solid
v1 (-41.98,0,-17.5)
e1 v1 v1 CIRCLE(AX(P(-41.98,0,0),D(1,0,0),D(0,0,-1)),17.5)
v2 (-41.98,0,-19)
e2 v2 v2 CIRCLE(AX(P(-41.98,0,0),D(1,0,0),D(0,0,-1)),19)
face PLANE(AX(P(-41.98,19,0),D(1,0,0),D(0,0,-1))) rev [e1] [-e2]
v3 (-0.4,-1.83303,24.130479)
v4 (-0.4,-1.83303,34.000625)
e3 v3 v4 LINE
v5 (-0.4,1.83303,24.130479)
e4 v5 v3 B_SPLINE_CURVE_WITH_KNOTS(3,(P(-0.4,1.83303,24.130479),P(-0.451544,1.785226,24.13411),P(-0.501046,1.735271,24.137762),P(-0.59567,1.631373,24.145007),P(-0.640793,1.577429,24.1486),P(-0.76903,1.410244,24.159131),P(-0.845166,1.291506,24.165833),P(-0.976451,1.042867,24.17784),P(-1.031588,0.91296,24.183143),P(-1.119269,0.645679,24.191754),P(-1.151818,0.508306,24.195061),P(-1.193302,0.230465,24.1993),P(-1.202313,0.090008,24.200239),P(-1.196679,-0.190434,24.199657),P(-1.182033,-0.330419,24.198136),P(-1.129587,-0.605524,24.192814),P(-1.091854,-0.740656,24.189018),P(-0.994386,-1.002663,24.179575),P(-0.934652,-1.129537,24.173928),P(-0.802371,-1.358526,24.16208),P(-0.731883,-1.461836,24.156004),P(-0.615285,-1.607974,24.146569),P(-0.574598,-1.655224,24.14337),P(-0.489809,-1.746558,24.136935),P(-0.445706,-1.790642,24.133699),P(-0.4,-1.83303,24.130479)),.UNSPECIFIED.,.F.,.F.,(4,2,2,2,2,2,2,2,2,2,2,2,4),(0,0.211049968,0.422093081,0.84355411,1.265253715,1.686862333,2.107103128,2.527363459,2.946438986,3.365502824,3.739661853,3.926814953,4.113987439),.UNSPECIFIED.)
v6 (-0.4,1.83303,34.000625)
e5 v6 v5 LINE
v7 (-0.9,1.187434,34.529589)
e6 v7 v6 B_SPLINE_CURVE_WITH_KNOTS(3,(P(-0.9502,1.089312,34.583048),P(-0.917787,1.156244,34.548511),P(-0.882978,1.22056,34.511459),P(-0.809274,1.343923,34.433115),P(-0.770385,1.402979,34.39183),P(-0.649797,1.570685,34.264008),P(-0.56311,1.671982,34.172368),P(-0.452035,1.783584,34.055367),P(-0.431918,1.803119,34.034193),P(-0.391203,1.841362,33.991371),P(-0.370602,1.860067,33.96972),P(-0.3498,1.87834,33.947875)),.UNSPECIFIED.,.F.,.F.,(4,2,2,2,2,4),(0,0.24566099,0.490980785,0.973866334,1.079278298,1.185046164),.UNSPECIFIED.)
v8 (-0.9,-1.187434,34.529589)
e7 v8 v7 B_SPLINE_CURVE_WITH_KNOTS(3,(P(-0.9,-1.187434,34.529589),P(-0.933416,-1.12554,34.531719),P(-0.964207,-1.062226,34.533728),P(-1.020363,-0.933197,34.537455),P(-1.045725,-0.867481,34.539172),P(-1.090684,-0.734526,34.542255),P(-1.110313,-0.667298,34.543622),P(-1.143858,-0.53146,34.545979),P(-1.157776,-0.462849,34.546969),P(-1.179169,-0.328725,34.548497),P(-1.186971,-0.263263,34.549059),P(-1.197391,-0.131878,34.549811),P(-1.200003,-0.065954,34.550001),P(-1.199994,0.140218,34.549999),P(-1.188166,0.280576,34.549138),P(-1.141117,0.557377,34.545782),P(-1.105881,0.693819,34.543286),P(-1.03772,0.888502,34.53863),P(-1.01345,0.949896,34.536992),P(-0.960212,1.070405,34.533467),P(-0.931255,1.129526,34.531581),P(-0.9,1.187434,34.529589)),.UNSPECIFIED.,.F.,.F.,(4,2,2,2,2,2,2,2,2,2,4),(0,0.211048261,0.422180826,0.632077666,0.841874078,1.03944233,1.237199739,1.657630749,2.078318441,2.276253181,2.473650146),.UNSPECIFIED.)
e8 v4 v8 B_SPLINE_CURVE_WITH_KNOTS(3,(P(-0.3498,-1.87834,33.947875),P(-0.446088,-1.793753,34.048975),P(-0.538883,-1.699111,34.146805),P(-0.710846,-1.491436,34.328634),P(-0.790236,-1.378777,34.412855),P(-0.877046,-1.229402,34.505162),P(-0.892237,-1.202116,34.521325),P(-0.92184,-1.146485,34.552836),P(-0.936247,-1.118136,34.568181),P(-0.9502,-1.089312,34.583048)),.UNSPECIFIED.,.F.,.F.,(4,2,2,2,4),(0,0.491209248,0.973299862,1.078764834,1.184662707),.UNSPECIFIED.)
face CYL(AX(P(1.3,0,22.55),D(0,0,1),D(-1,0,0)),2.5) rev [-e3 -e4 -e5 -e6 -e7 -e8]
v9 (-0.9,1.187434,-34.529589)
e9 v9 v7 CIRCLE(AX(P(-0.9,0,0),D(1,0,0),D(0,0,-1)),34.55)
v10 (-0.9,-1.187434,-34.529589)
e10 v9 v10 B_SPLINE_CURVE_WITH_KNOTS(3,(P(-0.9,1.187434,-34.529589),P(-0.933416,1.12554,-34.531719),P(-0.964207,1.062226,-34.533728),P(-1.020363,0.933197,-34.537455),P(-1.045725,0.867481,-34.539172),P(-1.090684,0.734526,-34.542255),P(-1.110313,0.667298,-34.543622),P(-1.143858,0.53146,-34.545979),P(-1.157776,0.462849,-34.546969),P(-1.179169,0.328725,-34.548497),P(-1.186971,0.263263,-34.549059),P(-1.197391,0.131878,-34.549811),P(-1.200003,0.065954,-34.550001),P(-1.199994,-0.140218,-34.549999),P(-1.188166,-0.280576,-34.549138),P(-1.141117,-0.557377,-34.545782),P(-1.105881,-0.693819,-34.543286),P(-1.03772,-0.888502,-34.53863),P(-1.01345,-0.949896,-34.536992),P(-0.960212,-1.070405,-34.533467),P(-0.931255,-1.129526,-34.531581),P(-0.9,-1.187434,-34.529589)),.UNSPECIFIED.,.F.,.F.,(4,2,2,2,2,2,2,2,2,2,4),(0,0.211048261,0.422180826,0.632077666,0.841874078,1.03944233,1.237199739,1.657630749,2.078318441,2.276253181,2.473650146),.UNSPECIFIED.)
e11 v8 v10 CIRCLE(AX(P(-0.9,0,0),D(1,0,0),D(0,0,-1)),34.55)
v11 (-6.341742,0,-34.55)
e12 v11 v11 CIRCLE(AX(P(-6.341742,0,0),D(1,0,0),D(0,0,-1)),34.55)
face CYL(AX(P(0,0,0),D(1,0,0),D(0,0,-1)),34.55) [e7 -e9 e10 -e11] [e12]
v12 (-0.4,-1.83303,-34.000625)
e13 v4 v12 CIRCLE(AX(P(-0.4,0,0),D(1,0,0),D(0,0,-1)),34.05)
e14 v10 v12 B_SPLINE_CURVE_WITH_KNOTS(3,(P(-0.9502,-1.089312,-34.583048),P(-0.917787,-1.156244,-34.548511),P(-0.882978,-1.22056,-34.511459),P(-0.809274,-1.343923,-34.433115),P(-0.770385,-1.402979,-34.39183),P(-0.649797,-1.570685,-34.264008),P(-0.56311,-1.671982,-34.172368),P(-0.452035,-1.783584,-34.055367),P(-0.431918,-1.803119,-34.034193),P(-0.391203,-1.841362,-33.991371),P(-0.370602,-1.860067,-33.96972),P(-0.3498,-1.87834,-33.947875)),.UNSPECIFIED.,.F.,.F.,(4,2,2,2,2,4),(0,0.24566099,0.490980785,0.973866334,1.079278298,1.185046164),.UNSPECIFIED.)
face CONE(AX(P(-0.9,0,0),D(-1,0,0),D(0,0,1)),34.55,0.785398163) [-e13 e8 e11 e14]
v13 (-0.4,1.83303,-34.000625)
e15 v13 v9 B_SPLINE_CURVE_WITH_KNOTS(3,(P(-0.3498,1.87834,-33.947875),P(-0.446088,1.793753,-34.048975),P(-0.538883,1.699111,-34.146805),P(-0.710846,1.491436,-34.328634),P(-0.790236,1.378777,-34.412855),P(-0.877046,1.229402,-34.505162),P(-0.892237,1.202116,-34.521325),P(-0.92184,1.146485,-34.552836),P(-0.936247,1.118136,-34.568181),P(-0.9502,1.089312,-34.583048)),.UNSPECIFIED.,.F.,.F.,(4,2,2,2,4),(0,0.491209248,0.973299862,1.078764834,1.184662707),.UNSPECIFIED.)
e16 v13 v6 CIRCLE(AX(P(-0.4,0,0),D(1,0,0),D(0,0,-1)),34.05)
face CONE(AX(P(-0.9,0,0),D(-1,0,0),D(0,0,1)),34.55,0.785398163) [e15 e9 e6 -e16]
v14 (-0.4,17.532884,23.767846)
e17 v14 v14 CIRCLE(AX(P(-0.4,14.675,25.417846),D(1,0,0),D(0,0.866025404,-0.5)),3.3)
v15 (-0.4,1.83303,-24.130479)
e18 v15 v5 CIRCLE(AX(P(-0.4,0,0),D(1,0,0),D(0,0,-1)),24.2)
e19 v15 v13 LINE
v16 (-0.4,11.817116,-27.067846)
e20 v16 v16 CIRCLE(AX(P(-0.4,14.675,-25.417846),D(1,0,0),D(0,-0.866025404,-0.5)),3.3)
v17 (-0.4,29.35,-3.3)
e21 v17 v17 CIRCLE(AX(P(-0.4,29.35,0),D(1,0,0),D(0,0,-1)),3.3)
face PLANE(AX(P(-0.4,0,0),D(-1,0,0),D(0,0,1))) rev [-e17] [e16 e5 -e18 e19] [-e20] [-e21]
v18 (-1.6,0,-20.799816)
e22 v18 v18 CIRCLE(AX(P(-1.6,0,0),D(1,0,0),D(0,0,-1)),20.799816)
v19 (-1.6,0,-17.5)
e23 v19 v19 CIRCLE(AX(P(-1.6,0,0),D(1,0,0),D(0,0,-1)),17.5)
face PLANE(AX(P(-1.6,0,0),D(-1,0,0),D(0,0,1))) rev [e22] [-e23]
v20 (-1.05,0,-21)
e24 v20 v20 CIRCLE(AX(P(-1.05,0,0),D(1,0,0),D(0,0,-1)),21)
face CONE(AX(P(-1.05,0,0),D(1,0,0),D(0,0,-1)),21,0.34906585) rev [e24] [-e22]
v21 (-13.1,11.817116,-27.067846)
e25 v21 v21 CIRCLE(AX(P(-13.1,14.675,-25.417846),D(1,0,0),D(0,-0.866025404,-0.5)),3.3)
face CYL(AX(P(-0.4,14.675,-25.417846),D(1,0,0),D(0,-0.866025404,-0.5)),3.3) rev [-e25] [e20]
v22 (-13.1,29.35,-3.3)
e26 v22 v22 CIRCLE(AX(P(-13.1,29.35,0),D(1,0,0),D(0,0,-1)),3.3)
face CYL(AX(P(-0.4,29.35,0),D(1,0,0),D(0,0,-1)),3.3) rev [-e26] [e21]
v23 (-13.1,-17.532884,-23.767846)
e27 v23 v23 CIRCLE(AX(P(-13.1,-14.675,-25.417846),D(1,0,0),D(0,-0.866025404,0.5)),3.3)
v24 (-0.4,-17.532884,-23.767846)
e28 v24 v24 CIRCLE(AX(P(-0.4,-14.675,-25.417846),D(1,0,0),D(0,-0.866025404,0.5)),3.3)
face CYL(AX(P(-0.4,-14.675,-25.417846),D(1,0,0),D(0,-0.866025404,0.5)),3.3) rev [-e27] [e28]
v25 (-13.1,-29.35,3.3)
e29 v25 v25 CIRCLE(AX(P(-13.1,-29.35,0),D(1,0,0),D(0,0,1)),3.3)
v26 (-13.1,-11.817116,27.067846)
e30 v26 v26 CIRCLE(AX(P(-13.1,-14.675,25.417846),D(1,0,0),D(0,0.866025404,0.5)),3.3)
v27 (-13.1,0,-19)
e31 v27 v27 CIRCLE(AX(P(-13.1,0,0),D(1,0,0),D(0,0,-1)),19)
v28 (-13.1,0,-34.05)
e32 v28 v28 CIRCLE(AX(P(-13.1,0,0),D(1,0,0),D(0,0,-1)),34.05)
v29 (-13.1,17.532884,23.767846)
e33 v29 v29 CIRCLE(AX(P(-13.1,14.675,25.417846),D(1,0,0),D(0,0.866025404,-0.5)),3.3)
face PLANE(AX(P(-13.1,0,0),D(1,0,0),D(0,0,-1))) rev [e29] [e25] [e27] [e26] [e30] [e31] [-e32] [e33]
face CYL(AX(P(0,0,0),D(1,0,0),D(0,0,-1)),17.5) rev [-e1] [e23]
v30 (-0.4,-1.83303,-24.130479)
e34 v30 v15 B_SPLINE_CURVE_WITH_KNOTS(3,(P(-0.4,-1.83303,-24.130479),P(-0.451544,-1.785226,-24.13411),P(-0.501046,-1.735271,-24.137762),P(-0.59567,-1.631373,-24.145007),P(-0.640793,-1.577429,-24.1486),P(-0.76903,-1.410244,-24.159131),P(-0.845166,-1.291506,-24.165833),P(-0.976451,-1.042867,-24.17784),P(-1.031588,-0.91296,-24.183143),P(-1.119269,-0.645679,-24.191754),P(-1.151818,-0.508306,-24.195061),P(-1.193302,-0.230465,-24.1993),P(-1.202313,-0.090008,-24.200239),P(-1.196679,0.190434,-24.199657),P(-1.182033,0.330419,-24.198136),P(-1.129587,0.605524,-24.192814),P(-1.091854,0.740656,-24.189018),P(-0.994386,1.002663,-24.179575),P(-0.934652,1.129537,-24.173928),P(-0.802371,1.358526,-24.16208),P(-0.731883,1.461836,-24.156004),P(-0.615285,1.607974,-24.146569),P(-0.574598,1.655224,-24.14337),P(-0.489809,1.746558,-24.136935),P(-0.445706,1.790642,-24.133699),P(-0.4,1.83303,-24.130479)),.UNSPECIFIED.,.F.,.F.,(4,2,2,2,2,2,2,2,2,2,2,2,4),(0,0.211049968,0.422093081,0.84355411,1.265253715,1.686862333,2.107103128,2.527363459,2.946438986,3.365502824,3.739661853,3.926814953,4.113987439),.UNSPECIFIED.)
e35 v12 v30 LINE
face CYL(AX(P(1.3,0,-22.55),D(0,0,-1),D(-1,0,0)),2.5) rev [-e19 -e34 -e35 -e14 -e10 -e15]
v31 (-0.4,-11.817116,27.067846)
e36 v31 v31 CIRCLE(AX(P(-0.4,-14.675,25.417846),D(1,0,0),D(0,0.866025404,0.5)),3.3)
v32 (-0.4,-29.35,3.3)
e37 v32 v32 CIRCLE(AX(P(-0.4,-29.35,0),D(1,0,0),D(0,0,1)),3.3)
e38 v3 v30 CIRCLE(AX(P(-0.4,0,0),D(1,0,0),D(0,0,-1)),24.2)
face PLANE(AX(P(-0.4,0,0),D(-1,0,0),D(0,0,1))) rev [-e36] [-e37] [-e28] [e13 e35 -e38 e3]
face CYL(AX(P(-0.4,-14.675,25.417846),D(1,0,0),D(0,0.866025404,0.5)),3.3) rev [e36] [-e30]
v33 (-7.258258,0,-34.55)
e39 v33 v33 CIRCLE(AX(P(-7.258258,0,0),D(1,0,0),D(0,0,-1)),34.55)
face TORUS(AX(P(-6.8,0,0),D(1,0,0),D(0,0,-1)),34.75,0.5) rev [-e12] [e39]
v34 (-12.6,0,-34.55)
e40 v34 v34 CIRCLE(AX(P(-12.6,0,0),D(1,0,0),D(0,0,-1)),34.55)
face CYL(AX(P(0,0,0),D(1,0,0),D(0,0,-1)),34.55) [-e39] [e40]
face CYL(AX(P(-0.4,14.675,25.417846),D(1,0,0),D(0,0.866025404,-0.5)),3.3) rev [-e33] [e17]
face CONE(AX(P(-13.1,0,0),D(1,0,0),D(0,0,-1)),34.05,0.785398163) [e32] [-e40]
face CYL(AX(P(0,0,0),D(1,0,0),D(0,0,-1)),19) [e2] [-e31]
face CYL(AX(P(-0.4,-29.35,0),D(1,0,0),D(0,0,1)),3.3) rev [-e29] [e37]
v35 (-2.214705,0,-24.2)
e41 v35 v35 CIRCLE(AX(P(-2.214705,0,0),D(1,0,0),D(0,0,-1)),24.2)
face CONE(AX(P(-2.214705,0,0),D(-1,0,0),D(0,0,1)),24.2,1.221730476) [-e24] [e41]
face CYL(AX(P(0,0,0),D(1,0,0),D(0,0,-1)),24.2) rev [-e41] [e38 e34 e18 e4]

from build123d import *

# Parameters (mm, degrees)
HOLE_WIZARD_M61_D        = 6.6
PATTERN_CIRCULAR_3_COUNT = 6
SKETCH_6_R               = 2.5
CUT_EXTRUDE_1_DEPTH      = 12
PATTERN_CIRCULAR_2_COUNT = 2
SKETCH_7_W               = 21.42
SKETCH_7_H               = 1.5


with BuildPart() as part:
    # Эскиз1 → Повернуть2 (revolve)
    with BuildSketch(Plane.XY):
        with BuildLine():
            Line((-7.258257569, 34.55), (-12.6, 34.55))
            Line((-12.6, 34.55), (-13.1, 34.05))
            Line((-13.1, 34.05), (-13.1, 19))
            Line((-13.1, 19), (-63.4, 19))
            Line((-63.4, 19), (-63.4, 17.5))
            Line((-63.4, 17.5), (-1.6, 17.5))
            Line((-1.6, 17.5), (-1.6, 20.799816371))
            Line((-1.6, 20.799816371), (-1.05, 21))
            Line((-1.05, 21), (-2.21470475, 24.2))
            Line((-2.21470475, 24.2), (-0.4, 24.2))
            Line((-0.4, 24.2), (-0.4, 34.05))
            Line((-0.4, 34.05), (-0.9, 34.55))
            Line((-0.9, 34.55), (-6.341742431, 34.55))
            ThreePointArc((-6.341742431, 34.55), (-6.8, 34.25), (-7.258257569, 34.55))
        make_face()
    revolve(axis=Axis((0, 0, 0), (-1, 0, 0)))

    # Отверстие с зазором M61 (through all)
    with Locations(Plane(origin=(-0.4, 0, 0), x_dir=(0, 0, -1), z_dir=(1, 0, 0))):
        with Locations((0, 29.35)):
            hole_wizard_m61 = Hole(HOLE_WIZARD_M61_D / 2)

    # Круговой массив3: Отверстие с зазором M61 ×6 about axis
    pattern_circular_3_axis = Axis((-110.150658921, 0, 0), (1, 0, 0))
    for i in range(1, PATTERN_CIRCULAR_3_COUNT):
        add(hole_wizard_m61.rotate(pattern_circular_3_axis, i * 360 / PATTERN_CIRCULAR_3_COUNT), mode=Mode.SUBTRACT)

    # Эскиз6 → Вырез-Вытянуть1 (cut)
    with BuildSketch(Plane(origin=(0, 0, -34.55), x_dir=(-1, 0, 0), z_dir=(0, 0, -1))):
        with Locations((-1.3, 0)):
            Circle(SKETCH_6_R)
    cut_extrude_1 = extrude(amount=-CUT_EXTRUDE_1_DEPTH, mode=Mode.SUBTRACT)

    # Круговой массив2: Вырез-Вытянуть1 ×2 about axis
    pattern_circular_2_axis = Axis((-110.150658921, 0, 0), (1, 0, 0))
    for i in range(1, PATTERN_CIRCULAR_2_COUNT):
        add(cut_extrude_1.rotate(pattern_circular_2_axis, i * 360 / PATTERN_CIRCULAR_2_COUNT), mode=Mode.SUBTRACT)

    # Эскиз7 → Вырез-Повернуть1 (revolve, cut)
    with BuildSketch(Plane.XY):
        with Locations((-52.69, 18.25)):
            Rectangle(SKETCH_7_W, SKETCH_7_H)
    revolve(axis=Axis((0, 0, 0), (-1, 0, 0)), mode=Mode.SUBTRACT)


solid = part.part
